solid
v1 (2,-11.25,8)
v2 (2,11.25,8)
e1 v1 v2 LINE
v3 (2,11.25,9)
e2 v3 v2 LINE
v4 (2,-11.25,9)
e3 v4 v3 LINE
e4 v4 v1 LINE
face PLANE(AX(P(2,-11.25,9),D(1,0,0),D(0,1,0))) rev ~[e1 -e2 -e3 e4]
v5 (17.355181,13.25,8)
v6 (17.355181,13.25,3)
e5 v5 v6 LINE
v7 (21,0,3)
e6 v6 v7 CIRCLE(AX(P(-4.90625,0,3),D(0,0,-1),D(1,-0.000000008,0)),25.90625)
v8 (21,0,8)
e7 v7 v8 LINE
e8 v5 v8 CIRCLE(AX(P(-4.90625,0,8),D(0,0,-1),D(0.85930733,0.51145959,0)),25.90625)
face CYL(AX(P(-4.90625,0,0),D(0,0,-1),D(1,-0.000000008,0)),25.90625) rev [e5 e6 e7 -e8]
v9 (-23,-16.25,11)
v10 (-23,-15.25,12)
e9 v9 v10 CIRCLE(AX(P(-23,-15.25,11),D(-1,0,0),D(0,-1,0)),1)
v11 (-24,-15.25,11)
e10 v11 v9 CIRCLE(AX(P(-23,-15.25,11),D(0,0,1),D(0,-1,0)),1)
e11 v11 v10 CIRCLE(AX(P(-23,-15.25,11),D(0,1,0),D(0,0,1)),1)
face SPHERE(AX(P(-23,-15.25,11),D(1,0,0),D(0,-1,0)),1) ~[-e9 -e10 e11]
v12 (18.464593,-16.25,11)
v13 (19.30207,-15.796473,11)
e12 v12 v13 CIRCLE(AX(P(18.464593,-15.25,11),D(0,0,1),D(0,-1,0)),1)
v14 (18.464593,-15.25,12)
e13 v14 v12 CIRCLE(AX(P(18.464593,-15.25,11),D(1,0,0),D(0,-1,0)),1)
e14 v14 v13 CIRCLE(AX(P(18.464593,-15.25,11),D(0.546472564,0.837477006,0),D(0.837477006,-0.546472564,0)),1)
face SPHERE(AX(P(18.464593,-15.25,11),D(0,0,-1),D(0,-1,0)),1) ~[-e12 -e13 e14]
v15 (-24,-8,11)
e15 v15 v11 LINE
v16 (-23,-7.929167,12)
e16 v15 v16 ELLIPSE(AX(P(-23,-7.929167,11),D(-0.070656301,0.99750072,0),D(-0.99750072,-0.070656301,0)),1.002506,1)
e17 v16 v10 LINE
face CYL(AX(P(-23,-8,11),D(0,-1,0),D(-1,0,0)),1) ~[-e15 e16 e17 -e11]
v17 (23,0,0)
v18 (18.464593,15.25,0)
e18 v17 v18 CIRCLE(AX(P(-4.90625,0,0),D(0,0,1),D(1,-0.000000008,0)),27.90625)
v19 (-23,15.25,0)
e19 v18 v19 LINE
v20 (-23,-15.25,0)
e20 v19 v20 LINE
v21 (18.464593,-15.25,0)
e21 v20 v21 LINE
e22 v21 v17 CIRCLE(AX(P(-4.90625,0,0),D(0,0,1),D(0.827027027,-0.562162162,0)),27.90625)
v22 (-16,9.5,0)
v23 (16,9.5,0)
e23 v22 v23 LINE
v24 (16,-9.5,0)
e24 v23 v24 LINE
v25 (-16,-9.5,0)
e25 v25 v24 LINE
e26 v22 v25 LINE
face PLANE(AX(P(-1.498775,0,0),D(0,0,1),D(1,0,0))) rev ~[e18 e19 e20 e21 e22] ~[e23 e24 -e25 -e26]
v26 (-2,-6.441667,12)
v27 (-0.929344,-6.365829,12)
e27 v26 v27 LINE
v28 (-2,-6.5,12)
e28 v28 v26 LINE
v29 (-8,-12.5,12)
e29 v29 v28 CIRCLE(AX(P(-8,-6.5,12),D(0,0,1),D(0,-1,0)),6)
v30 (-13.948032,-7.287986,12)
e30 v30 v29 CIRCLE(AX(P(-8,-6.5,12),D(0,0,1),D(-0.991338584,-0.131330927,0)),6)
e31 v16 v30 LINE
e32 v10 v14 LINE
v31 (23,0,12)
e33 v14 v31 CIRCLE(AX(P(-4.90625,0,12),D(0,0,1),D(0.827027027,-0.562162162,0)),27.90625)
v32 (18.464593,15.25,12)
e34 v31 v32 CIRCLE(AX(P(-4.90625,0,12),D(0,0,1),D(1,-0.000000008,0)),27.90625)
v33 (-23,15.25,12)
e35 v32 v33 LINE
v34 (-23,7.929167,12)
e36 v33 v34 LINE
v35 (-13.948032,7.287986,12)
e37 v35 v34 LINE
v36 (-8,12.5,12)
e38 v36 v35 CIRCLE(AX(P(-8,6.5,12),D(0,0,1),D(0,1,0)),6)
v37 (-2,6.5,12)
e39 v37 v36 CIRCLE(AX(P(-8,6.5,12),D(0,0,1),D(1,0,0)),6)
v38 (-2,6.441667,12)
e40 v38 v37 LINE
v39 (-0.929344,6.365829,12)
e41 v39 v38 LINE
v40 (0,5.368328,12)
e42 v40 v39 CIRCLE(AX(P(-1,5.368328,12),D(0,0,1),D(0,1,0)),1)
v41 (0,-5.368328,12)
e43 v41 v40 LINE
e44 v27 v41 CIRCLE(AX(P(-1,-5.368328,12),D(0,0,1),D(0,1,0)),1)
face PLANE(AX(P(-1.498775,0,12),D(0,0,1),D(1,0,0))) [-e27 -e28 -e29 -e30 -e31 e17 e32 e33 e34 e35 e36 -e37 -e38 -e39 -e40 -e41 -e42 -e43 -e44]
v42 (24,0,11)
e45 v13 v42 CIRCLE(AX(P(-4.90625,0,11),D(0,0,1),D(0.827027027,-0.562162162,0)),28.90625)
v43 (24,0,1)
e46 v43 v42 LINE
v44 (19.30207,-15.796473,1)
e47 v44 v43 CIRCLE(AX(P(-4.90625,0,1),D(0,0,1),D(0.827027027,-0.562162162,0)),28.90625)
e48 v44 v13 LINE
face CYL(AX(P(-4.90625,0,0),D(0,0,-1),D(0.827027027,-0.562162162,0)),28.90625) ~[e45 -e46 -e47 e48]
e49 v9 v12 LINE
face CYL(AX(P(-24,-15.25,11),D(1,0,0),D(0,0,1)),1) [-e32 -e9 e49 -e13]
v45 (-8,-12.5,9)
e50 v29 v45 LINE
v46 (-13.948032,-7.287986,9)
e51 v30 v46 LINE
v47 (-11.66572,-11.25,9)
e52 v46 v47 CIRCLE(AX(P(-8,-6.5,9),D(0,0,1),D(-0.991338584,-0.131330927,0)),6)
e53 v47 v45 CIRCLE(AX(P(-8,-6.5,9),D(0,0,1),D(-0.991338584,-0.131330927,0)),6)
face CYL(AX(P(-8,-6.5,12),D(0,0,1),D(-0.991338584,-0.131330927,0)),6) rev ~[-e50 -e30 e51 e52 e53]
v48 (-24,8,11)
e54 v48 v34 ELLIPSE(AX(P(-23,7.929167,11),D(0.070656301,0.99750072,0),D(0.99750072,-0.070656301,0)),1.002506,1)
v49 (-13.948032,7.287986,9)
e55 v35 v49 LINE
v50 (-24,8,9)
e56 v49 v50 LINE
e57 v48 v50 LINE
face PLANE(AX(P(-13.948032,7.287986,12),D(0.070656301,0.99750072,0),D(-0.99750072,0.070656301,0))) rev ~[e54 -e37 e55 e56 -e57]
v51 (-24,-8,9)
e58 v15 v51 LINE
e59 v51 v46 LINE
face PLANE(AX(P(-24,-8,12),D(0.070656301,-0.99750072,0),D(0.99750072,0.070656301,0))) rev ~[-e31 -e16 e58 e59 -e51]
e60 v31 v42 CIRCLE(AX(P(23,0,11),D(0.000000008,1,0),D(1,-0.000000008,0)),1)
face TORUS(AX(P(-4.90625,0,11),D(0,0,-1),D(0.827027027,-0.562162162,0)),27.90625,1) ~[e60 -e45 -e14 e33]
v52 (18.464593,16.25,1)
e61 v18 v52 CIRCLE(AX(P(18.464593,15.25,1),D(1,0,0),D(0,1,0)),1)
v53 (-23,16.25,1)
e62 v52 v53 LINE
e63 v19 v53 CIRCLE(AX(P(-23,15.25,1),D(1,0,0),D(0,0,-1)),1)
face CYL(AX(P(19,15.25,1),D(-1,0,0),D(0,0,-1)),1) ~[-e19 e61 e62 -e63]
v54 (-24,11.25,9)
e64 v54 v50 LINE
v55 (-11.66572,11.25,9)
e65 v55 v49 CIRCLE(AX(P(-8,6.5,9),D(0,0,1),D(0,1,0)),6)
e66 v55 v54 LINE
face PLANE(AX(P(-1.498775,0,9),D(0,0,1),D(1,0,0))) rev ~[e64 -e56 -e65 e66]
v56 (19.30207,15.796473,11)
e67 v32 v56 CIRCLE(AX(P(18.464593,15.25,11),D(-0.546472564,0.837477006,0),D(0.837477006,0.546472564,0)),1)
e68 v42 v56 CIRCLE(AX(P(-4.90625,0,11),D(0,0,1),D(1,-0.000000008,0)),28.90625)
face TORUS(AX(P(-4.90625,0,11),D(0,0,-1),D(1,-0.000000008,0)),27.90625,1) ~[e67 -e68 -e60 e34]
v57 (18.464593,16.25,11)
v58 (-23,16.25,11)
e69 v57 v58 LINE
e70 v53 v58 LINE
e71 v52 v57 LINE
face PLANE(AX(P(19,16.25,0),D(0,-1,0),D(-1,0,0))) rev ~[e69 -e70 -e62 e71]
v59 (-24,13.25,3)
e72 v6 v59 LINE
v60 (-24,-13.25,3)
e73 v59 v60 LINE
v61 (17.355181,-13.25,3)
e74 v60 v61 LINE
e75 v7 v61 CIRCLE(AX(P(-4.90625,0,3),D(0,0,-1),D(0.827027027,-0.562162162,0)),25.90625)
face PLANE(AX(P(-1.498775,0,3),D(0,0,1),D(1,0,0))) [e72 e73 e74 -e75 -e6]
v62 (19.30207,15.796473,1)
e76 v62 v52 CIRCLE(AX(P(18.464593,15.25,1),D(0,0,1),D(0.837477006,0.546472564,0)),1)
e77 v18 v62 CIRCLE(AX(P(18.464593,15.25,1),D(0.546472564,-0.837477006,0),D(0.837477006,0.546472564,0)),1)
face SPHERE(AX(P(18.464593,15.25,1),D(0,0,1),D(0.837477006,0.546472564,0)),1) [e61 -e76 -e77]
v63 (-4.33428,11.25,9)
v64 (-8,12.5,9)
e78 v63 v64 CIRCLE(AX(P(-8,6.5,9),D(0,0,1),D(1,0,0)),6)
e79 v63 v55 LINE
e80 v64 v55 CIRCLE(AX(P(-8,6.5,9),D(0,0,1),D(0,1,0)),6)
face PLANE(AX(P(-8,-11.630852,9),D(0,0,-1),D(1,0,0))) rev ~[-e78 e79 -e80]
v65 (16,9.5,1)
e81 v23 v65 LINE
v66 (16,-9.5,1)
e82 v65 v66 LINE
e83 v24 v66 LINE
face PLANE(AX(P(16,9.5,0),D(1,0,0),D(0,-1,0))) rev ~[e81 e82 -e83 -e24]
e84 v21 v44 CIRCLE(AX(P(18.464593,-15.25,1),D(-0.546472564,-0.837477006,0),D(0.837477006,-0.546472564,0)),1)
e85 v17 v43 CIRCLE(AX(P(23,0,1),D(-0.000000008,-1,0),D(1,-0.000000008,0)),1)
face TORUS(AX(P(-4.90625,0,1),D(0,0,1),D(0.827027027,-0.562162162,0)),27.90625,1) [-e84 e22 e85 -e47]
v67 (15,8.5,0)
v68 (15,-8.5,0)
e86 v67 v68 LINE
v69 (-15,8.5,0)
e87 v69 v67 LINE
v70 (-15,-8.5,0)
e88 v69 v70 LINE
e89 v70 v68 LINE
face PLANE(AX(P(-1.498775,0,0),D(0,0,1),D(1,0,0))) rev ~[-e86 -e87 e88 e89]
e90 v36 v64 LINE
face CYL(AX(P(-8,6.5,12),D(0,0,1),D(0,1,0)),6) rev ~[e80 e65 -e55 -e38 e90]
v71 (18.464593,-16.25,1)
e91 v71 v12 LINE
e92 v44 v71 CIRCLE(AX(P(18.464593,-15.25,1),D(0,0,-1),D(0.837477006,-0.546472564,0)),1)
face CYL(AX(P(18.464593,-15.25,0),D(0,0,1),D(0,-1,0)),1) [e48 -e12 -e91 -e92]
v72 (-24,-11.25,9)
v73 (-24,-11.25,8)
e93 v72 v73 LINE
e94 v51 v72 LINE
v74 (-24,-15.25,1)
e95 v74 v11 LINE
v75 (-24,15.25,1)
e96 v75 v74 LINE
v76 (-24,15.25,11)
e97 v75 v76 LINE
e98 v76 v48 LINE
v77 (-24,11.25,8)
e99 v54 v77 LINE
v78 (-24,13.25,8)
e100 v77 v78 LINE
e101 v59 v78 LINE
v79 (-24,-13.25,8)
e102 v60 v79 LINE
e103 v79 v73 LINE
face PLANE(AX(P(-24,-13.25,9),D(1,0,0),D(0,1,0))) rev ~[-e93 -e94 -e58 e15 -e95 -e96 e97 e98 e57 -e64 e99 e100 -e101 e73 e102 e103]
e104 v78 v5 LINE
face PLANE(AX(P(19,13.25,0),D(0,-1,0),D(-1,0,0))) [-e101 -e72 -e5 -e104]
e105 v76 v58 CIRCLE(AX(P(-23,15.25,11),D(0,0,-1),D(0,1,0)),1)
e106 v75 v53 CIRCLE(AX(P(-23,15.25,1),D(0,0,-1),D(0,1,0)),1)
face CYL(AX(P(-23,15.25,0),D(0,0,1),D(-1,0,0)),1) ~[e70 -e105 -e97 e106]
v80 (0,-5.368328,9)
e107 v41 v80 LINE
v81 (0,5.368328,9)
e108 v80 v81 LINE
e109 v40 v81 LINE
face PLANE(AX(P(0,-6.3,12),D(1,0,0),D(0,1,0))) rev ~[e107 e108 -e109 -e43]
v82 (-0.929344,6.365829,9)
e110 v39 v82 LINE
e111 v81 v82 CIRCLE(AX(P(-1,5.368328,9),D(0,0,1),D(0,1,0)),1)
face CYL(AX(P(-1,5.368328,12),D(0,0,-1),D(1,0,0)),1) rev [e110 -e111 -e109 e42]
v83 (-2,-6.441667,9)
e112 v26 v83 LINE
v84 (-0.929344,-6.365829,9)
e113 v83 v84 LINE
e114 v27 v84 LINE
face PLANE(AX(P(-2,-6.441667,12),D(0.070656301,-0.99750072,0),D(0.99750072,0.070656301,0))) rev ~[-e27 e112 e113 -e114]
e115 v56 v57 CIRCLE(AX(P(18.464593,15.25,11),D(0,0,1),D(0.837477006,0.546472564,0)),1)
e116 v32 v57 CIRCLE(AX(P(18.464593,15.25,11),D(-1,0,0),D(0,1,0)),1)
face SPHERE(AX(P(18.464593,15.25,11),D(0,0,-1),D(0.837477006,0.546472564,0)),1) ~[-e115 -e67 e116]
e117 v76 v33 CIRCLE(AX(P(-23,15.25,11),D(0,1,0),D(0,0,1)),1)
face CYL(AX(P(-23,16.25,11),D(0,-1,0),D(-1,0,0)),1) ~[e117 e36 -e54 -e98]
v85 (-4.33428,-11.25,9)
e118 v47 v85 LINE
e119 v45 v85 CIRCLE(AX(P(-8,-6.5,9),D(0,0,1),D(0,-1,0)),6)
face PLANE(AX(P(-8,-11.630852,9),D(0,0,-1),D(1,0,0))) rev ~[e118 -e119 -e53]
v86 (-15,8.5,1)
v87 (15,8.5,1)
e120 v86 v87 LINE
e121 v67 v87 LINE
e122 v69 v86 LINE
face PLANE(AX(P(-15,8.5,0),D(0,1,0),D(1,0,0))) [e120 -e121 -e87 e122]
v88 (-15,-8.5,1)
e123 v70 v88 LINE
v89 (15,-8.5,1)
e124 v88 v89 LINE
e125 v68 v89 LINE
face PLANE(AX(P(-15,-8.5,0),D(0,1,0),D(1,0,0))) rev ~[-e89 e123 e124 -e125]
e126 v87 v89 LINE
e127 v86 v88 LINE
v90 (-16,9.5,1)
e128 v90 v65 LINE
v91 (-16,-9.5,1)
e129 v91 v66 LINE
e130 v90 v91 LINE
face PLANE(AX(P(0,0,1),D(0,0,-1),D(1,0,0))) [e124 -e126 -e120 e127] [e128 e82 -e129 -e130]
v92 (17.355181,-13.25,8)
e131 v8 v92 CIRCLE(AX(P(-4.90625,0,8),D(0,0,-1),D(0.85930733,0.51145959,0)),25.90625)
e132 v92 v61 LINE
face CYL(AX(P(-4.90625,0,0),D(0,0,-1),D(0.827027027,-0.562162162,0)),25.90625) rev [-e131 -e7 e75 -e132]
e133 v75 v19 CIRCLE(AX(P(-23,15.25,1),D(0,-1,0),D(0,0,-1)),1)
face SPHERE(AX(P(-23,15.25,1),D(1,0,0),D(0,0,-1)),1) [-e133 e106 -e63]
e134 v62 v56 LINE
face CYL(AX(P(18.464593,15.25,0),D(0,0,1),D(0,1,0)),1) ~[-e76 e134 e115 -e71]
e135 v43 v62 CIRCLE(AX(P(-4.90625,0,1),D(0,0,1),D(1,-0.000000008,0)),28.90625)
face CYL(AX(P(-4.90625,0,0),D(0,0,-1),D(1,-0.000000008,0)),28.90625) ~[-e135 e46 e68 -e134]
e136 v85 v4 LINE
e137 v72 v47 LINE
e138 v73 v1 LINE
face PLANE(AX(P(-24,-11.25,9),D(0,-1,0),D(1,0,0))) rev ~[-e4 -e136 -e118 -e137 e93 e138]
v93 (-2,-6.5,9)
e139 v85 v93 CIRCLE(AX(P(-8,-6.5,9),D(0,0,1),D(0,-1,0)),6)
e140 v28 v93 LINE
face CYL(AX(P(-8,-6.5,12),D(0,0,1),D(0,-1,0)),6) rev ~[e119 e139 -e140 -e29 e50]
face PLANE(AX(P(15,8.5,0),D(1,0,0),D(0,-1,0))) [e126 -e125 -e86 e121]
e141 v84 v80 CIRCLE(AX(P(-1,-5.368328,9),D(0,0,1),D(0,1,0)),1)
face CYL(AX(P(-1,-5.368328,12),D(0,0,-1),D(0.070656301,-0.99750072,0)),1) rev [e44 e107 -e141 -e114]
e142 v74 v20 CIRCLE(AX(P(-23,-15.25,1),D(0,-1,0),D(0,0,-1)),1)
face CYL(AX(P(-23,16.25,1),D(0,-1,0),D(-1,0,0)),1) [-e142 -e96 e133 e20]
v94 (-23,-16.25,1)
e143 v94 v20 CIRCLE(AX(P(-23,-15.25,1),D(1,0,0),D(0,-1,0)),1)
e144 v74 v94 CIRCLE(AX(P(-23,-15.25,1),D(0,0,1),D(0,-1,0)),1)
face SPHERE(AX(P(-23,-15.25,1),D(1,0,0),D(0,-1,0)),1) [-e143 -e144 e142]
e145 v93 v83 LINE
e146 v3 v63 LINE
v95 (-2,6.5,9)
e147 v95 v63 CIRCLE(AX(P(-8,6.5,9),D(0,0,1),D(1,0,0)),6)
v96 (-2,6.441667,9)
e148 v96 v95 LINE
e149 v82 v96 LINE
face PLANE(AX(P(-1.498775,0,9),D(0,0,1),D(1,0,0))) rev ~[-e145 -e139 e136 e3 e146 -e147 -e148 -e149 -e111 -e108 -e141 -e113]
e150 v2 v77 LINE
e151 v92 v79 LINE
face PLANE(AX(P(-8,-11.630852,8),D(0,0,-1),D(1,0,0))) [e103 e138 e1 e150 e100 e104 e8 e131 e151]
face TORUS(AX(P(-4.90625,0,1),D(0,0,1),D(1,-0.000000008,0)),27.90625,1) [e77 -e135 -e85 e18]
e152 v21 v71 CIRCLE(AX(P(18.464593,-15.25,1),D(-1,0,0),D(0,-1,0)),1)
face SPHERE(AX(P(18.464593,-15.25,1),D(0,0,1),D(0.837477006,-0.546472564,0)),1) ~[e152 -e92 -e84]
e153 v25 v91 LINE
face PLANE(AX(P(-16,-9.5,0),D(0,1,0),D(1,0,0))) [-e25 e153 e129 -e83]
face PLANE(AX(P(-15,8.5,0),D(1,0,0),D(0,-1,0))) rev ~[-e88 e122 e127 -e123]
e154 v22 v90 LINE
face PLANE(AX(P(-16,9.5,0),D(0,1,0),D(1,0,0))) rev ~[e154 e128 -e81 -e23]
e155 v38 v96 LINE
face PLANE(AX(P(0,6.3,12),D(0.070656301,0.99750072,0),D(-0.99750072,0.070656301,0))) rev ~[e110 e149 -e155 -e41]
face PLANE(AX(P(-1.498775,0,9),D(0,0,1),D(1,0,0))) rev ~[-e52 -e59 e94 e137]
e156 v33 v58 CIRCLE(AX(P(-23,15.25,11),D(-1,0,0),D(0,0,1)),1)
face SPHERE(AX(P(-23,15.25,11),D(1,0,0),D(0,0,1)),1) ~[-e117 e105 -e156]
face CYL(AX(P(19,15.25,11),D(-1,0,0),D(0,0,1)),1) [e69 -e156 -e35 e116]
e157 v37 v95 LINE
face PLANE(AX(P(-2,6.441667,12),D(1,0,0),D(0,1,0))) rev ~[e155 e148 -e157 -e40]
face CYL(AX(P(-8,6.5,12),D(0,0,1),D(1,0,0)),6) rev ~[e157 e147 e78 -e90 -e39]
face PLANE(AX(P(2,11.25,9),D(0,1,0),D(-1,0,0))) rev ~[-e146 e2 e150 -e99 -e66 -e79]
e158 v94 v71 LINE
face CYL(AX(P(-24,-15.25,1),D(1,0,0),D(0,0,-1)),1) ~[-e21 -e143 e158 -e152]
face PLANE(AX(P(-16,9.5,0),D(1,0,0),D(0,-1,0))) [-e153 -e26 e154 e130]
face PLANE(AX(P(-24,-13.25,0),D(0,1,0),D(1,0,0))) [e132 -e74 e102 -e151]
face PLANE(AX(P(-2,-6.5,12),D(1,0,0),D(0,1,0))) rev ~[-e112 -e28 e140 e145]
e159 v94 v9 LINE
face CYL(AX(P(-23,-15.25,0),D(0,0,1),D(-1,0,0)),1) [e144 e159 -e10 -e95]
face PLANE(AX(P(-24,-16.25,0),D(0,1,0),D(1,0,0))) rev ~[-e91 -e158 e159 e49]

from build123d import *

# Parameters (mm, degrees)
F1_DEPTH = 12
F2_T     = -3
F4_DEPTH = 3
F5_R     = 1
F6_W     = 32
F6_H     = 19
F6_W_2   = 30
F6_H_2   = 17
F7_DEPTH = 1
F9_DEPTH = 1
F10_R    = 1


with BuildPart() as f1:
    # F0 (on Top) → F1 (new body)
    with BuildSketch(Plane.XY):
        with BuildLine():
            Line((-24, -16.25), (19, -16.25))
            ThreePointArc((19, -16.25), (22.7217369359, -8.5009191815), (24, -2.376e-07))
            ThreePointArc((24, -2.376e-07), (22.7217370058, 8.5009189544), (19, 16.25))
            Line((19, 16.25), (-24, 16.25))
            Line((-24, 16.25), (-24, -16.25))
        make_face()
    extrude(amount=F1_DEPTH)

    # F2
    f2_openings = [f1.faces().sort_by_distance(p)[0] for p in [
        (-24, 0, 6),
    ]]
    offset(amount=F2_T, openings=f2_openings)

    # F3 (on face) → F4 (cut, through all)
    with BuildSketch(Plane.XY.offset(12)):
        with BuildLine():
            ThreePointArc((-8, 12.5), (-11.9542437084, 11.0126440912), (-13.9480315021, 7.2879855647))
            Line((-13.9480315021, 7.2879855647), (-2, 6.4416666667))
            Line((-2, 6.4416666667), (-2, 6.5))
            ThreePointArc((-2, 6.5), (-3.7573593129, 10.7426406871), (-8, 12.5))
        make_face()
        with BuildLine():
            Line((-2, 6.4416666667), (-13.9480315021, 7.2879855647))
            ThreePointArc((-13.9480315021, 7.2879855647), (-13.9869937787, 6.8948486973), (-14, 6.5))
            Line((-14, 6.5), (-14, -6.5))
            ThreePointArc((-14, -6.5), (-13.9869937787, -6.8948486973), (-13.9480315021, -7.2879855647))
            Line((-13.9480315021, -7.2879855647), (-2, -6.4416666667))
            Line((-2, -6.4416666667), (-2, 6.4416666667))
        make_face()
        with BuildLine():
            Line((-2, -6.4416666667), (-13.9480315021, -7.2879855647))
            ThreePointArc((-13.9480315021, -7.2879855647), (-11.9542437084, -11.0126440912), (-8, -12.5))
            ThreePointArc((-8, -12.5), (-3.7573593129, -10.7426406871), (-2, -6.5))
            Line((-2, -6.5), (-2, -6.4416666667))
        make_face()
        with BuildLine():
            Line((-13.9480315021, 7.2879855647), (-24, 8))
            Line((-24, 8), (-24, -8))
            Line((-24, -8), (-13.9480315021, -7.2879855647))
            ThreePointArc((-13.9480315021, -7.2879855647), (-13.9869937787, -6.8948486973), (-14, -6.5))
            Line((-14, -6.5), (-14, 6.5))
            ThreePointArc((-14, 6.5), (-13.9869937787, 6.8948486973), (-13.9480315021, 7.2879855647))
        make_face()
        Polygon((0, 6.3), (-2, 6.4416666667), (-2, -6.4416666667), (0, -6.3), (0, 0), align=None)
    extrude(amount=-F4_DEPTH, mode=Mode.SUBTRACT)

    # F5
    f5_edges = [f1.edges().sort_by_distance(p)[0] for p in [
        (0, 6.3, 10.5),
        (0, -6.3, 10.5),
    ]]
    fillet(f5_edges, radius=F5_R)

    # F6 (on face) → F7 (cut)
    with BuildSketch(Plane(origin=(0, 0, 0), x_dir=(1, 0, 0), z_dir=(0, 0, -1))):
        Rectangle(F6_W, F6_H)
        Rectangle(F6_W_2, F6_H_2, mode=Mode.SUBTRACT)
    extrude(amount=-F7_DEPTH, mode=Mode.SUBTRACT)

    # F8 (on face) → F9 (join)
    with BuildSketch(Plane(origin=(0, 0, 9), x_dir=(1, 0, 0), z_dir=(0, 0, -1))):
        with BuildLine():
            ThreePointArc((-4.3342804253, 11.25), (-8, 12.5), (-11.6657195747, 11.25))
            Line((-11.6657195747, 11.25), (-4.3342804253, 11.25))
        make_face()
        with BuildLine():
            Line((-4.3342804253, -11.25), (-11.6657195747, -11.25))
            ThreePointArc((-11.6657195747, -11.25), (-8, -12.5), (-4.3342804253, -11.25))
        make_face()
        with BuildLine():
            Line((-24, -11.25), (-24, -13.25))
            Line((-24, -13.25), (17.355180526, -13.25))
            ThreePointArc((17.355180526, -13.25), (21, 0), (17.355180526, 13.25))
            Line((17.355180526, 13.25), (-24, 13.25))
            Line((-24, 13.25), (-24, 11.25))
            Line((-24, 11.25), (-11.6657195747, 11.25))
            ThreePointArc((-11.6657195747, 11.25), (-8, 12.5), (-4.3342804253, 11.25))
            Line((-4.3342804253, 11.25), (2, 11.25))
            Line((2, 11.25), (2, -11.25))
            Line((2, -11.25), (-4.3342804253, -11.25))
            ThreePointArc((-4.3342804253, -11.25), (-8, -12.5), (-11.6657195747, -11.25))
            Line((-11.6657195747, -11.25), (-24, -11.25))
        make_face()
    extrude(amount=F9_DEPTH)

    # F10
    f10_edges = [f1.edges().sort_by_distance(p)[0] for p in [
        (-2.5, -16.25, 12),
        (24, 0, 12),
        (-2.5, 16.25, 12),
        (19, -16.25, 6),
        (19, 16.25, 6),
        (24, 0, 0),
        (-2.5, 16.25, 0),
        (-2.5, -16.25, 0),
        (-24, -16.25, 6),
        (-24, -12.125, 12),
        (-24, 0, 0),
        (-24, 12.125, 12),
        (-24, 16.25, 6),
    ]]
    fillet(f10_edges, radius=F10_R)


solid = f1.part
